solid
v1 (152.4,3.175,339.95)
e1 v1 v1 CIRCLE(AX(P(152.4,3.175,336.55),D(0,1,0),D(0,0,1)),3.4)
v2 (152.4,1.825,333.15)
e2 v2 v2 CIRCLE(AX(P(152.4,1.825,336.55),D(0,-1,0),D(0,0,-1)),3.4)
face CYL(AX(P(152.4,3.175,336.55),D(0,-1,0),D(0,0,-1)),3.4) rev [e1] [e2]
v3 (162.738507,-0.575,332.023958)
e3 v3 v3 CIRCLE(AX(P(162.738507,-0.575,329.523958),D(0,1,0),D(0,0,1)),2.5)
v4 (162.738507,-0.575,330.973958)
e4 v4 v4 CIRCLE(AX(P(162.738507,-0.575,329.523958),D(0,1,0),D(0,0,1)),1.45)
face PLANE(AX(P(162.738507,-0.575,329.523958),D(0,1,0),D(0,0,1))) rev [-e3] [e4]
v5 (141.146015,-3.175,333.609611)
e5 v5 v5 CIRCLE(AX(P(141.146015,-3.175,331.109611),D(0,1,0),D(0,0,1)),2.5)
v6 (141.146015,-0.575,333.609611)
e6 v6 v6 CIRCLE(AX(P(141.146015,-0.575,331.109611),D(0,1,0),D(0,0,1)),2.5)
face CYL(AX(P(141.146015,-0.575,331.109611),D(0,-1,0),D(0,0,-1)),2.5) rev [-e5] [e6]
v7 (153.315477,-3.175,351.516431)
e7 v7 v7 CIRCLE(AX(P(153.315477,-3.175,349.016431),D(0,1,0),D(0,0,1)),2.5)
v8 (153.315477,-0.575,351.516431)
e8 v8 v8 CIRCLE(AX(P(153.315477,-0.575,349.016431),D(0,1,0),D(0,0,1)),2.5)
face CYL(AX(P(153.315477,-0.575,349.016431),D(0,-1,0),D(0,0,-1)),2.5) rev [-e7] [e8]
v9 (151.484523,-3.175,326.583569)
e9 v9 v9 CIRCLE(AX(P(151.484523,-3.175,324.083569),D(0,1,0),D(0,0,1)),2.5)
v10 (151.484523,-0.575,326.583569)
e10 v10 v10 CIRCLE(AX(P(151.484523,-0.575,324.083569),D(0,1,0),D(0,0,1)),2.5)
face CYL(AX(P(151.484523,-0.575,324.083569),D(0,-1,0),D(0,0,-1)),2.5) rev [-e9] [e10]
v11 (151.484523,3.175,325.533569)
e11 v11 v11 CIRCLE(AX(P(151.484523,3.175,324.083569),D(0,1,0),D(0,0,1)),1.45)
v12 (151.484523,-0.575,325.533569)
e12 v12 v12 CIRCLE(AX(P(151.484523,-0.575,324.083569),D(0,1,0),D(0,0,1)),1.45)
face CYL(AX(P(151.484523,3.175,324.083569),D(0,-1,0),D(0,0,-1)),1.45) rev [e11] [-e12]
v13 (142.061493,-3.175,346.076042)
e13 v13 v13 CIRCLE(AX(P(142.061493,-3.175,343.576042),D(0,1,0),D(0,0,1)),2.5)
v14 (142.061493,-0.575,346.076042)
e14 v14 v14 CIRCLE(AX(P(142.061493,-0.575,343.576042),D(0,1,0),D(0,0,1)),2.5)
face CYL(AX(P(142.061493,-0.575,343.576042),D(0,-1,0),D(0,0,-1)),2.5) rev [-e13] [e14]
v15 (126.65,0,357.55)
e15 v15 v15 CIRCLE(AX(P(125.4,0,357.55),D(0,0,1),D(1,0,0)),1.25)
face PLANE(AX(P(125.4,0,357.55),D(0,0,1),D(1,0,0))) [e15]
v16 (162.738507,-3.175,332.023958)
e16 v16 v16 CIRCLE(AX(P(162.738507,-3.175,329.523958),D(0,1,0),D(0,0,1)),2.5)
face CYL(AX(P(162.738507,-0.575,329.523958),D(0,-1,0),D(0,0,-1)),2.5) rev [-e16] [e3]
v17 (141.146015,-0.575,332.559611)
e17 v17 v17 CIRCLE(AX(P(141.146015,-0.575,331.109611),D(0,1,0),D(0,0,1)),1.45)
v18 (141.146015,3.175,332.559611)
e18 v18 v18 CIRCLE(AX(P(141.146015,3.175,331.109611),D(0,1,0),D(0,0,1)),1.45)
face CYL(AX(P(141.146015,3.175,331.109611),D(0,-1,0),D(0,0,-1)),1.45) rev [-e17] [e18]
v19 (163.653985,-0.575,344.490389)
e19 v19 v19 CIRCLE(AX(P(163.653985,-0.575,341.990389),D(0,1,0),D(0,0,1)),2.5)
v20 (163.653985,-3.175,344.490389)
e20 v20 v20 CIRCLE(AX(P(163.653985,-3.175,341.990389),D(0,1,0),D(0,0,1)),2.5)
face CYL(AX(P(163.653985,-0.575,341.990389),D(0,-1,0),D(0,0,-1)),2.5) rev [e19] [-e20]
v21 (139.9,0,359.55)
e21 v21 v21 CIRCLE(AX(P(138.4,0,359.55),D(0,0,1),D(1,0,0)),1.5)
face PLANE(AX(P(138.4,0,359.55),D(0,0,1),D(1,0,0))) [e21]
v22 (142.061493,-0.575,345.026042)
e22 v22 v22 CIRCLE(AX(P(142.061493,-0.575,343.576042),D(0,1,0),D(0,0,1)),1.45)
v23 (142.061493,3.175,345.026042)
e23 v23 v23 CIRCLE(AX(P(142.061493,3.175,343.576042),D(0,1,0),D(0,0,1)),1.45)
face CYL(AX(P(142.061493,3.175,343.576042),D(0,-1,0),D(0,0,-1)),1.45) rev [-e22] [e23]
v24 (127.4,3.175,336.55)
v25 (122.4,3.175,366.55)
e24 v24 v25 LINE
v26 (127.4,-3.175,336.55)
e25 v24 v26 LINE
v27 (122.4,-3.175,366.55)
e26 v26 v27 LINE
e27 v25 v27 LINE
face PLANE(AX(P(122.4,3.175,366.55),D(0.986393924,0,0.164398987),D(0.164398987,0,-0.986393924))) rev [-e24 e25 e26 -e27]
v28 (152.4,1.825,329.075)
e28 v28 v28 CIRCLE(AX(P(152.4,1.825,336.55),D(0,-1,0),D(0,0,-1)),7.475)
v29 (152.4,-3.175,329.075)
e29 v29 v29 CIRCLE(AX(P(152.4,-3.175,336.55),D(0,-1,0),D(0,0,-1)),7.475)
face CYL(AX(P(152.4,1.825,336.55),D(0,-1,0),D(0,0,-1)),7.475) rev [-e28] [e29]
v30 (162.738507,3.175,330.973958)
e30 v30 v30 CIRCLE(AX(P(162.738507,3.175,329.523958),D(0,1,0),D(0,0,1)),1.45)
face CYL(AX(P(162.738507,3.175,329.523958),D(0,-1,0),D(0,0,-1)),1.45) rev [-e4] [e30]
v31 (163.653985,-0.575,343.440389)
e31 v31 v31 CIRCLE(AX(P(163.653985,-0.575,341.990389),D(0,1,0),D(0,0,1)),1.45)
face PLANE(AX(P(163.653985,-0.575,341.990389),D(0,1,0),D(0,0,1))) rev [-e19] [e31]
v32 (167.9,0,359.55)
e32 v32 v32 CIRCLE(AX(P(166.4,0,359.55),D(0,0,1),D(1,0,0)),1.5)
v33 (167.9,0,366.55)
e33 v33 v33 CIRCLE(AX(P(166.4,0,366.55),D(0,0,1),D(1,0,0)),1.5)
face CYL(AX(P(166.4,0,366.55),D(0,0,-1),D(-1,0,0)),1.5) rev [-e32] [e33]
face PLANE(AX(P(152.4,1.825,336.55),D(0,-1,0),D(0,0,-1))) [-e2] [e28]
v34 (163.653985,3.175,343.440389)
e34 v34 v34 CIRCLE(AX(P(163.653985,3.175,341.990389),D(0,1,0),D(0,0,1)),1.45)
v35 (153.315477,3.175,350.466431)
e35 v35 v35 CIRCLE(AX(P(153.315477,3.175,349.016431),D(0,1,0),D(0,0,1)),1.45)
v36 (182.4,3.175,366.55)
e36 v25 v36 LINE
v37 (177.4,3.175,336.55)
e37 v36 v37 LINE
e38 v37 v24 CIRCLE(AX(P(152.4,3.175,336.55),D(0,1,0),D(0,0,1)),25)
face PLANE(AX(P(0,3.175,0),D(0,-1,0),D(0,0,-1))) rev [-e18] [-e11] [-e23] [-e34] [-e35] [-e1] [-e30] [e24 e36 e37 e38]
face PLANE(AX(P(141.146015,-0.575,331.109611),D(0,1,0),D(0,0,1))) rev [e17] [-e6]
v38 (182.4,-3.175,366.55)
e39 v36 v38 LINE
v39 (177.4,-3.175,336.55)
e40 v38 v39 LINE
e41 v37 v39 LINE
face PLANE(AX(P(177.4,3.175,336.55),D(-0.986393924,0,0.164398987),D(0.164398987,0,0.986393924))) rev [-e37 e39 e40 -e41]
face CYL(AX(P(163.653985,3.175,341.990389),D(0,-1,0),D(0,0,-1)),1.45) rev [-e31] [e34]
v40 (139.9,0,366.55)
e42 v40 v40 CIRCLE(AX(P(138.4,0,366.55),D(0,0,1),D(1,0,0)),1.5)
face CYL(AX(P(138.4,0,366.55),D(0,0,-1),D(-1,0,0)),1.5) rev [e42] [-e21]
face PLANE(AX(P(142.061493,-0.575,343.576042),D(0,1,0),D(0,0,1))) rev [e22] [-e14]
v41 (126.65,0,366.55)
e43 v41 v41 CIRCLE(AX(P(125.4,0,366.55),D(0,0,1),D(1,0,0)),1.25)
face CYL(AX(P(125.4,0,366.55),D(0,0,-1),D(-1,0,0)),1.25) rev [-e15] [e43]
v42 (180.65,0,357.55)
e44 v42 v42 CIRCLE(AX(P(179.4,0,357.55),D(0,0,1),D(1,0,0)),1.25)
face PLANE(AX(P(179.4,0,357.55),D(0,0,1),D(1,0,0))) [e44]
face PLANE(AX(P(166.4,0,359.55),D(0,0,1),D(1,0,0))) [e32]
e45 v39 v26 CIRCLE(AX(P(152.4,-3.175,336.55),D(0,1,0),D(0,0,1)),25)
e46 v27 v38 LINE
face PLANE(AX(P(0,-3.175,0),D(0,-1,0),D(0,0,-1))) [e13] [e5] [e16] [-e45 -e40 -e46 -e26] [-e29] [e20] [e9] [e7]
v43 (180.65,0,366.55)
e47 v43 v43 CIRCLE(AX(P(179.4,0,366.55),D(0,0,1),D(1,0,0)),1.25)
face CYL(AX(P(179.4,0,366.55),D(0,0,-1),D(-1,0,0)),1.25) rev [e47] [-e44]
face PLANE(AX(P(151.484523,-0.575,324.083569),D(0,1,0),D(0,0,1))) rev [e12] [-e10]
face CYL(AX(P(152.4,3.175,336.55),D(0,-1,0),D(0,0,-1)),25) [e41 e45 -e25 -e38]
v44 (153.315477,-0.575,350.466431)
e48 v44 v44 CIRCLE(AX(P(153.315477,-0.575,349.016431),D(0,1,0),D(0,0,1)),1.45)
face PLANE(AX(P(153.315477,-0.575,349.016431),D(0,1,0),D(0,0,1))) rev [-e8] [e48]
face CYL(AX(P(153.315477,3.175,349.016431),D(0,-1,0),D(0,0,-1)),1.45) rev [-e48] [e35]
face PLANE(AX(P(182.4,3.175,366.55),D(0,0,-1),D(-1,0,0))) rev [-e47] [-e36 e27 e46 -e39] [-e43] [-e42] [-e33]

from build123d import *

# Parameters (mm, degrees)
PLACA_J5_START           = -3.175
PLACA_J5_DEPTH           = 6.35
PLACA_J5_REDONDEO_START  = -3.175
CROQUIS9_R               = 25
PLACA_J5_REDONDEO_DEPTH  = 6.35
BARRENOS_SALIDA_M5_START = -3.175
CROQUIS10_R              = 1.45
CROQUIS10_R_2            = 3.4
BARRENOS_SALIDA_M5_DEPTH = 6.35
REFRENTADO_M2_5_START    = -3.175
CROQUIS11_R              = 2.5
REFRENTADO_M2_5_DEPTH    = 2.6
ROSCA_M3_CANTO_START     = 357.55
CROQUIS12_R              = 1.25
ROSCA_M3_CANTO_DEPTH     = 9
PASADORES_D3_START       = 359.55
CROQUIS13_R              = 1.5
PASADORES_D3_DEPTH       = 7
CROQUIS14_R              = 7.475
CORTAR_EXTRUIR1_DEPTH    = 5


with BuildPart() as part:
    # Croquis8 → Placa_J5 (new body)
    with BuildSketch(Plane(origin=(0, 0, 0), x_dir=(1, 0, 0), z_dir=(0, 1, 0)).offset(PLACA_J5_START)):
        Polygon((127.4, -336.55), (177.4, -336.55), (182.4, -366.55), (122.4, -366.55), align=None)
    extrude(amount=PLACA_J5_DEPTH)

    # Croquis9 → Placa_J5_redondeo (add)
    with BuildSketch(Plane(origin=(0, 0, 0), x_dir=(1, 0, 0), z_dir=(0, 1, 0)).offset(PLACA_J5_REDONDEO_START)):
        with Locations((152.4, -336.55)):
            Circle(CROQUIS9_R)
    extrude(amount=PLACA_J5_REDONDEO_DEPTH)

    # Croquis10 → Barrenos_salida_M5 (cut)
    with BuildSketch(Plane(origin=(0, 0, 0), x_dir=(1, 0, 0), z_dir=(0, 1, 0)).offset(BARRENOS_SALIDA_M5_START)):
        with Locations((163.653984643, -341.990388742)):
            Circle(CROQUIS10_R)
        with Locations((153.315477464, -349.016430965)):
            Circle(CROQUIS10_R)
        with Locations((142.061492822, -343.576042223)):
            Circle(CROQUIS10_R)
        with Locations((141.146015357, -331.109611258)):
            Circle(CROQUIS10_R)
        with Locations((151.484522536, -324.083569035)):
            Circle(CROQUIS10_R)
        with Locations((162.738507178, -329.523957777)):
            Circle(CROQUIS10_R)
        with Locations((152.4, -336.55)):
            Circle(CROQUIS10_R_2)
    extrude(amount=BARRENOS_SALIDA_M5_DEPTH, mode=Mode.SUBTRACT)

    # Croquis11 → Refrentado_M2-5 (cut)
    with BuildSketch(Plane(origin=(0, 0, 0), x_dir=(1, 0, 0), z_dir=(0, 1, 0)).offset(REFRENTADO_M2_5_START)):
        with Locations((163.653984643, -341.990388742)):
            Circle(CROQUIS11_R)
        with Locations((153.315477464, -349.016430965)):
            Circle(CROQUIS11_R)
        with Locations((142.061492822, -343.576042223)):
            Circle(CROQUIS11_R)
        with Locations((141.146015357, -331.109611258)):
            Circle(CROQUIS11_R)
        with Locations((151.484522536, -324.083569035)):
            Circle(CROQUIS11_R)
        with Locations((162.738507178, -329.523957777)):
            Circle(CROQUIS11_R)
    extrude(amount=REFRENTADO_M2_5_DEPTH, mode=Mode.SUBTRACT)

    # Croquis12 → Rosca_M3_canto (cut)
    with BuildSketch(Plane.XY.offset(ROSCA_M3_CANTO_START)):
        with Locations((125.4, 0)):
            Circle(CROQUIS12_R)
        with Locations((179.4, 0)):
            Circle(CROQUIS12_R)
    extrude(amount=ROSCA_M3_CANTO_DEPTH, mode=Mode.SUBTRACT)

    # Croquis13 → Pasadores_D3 (cut)
    with BuildSketch(Plane.XY.offset(PASADORES_D3_START)):
        with Locations((138.4, 0)):
            Circle(CROQUIS13_R)
        with Locations((166.4, 0)):
            Circle(CROQUIS13_R)
    extrude(amount=PASADORES_D3_DEPTH, mode=Mode.SUBTRACT)

    # Croquis14 → Cortar-Extruir1 (cut)
    with BuildSketch(Plane.XZ.offset(3.175)):
        with Locations((152.4, 336.55)):
            Circle(CROQUIS14_R)
    extrude(amount=-CORTAR_EXTRUIR1_DEPTH, mode=Mode.SUBTRACT)


solid = part.part
